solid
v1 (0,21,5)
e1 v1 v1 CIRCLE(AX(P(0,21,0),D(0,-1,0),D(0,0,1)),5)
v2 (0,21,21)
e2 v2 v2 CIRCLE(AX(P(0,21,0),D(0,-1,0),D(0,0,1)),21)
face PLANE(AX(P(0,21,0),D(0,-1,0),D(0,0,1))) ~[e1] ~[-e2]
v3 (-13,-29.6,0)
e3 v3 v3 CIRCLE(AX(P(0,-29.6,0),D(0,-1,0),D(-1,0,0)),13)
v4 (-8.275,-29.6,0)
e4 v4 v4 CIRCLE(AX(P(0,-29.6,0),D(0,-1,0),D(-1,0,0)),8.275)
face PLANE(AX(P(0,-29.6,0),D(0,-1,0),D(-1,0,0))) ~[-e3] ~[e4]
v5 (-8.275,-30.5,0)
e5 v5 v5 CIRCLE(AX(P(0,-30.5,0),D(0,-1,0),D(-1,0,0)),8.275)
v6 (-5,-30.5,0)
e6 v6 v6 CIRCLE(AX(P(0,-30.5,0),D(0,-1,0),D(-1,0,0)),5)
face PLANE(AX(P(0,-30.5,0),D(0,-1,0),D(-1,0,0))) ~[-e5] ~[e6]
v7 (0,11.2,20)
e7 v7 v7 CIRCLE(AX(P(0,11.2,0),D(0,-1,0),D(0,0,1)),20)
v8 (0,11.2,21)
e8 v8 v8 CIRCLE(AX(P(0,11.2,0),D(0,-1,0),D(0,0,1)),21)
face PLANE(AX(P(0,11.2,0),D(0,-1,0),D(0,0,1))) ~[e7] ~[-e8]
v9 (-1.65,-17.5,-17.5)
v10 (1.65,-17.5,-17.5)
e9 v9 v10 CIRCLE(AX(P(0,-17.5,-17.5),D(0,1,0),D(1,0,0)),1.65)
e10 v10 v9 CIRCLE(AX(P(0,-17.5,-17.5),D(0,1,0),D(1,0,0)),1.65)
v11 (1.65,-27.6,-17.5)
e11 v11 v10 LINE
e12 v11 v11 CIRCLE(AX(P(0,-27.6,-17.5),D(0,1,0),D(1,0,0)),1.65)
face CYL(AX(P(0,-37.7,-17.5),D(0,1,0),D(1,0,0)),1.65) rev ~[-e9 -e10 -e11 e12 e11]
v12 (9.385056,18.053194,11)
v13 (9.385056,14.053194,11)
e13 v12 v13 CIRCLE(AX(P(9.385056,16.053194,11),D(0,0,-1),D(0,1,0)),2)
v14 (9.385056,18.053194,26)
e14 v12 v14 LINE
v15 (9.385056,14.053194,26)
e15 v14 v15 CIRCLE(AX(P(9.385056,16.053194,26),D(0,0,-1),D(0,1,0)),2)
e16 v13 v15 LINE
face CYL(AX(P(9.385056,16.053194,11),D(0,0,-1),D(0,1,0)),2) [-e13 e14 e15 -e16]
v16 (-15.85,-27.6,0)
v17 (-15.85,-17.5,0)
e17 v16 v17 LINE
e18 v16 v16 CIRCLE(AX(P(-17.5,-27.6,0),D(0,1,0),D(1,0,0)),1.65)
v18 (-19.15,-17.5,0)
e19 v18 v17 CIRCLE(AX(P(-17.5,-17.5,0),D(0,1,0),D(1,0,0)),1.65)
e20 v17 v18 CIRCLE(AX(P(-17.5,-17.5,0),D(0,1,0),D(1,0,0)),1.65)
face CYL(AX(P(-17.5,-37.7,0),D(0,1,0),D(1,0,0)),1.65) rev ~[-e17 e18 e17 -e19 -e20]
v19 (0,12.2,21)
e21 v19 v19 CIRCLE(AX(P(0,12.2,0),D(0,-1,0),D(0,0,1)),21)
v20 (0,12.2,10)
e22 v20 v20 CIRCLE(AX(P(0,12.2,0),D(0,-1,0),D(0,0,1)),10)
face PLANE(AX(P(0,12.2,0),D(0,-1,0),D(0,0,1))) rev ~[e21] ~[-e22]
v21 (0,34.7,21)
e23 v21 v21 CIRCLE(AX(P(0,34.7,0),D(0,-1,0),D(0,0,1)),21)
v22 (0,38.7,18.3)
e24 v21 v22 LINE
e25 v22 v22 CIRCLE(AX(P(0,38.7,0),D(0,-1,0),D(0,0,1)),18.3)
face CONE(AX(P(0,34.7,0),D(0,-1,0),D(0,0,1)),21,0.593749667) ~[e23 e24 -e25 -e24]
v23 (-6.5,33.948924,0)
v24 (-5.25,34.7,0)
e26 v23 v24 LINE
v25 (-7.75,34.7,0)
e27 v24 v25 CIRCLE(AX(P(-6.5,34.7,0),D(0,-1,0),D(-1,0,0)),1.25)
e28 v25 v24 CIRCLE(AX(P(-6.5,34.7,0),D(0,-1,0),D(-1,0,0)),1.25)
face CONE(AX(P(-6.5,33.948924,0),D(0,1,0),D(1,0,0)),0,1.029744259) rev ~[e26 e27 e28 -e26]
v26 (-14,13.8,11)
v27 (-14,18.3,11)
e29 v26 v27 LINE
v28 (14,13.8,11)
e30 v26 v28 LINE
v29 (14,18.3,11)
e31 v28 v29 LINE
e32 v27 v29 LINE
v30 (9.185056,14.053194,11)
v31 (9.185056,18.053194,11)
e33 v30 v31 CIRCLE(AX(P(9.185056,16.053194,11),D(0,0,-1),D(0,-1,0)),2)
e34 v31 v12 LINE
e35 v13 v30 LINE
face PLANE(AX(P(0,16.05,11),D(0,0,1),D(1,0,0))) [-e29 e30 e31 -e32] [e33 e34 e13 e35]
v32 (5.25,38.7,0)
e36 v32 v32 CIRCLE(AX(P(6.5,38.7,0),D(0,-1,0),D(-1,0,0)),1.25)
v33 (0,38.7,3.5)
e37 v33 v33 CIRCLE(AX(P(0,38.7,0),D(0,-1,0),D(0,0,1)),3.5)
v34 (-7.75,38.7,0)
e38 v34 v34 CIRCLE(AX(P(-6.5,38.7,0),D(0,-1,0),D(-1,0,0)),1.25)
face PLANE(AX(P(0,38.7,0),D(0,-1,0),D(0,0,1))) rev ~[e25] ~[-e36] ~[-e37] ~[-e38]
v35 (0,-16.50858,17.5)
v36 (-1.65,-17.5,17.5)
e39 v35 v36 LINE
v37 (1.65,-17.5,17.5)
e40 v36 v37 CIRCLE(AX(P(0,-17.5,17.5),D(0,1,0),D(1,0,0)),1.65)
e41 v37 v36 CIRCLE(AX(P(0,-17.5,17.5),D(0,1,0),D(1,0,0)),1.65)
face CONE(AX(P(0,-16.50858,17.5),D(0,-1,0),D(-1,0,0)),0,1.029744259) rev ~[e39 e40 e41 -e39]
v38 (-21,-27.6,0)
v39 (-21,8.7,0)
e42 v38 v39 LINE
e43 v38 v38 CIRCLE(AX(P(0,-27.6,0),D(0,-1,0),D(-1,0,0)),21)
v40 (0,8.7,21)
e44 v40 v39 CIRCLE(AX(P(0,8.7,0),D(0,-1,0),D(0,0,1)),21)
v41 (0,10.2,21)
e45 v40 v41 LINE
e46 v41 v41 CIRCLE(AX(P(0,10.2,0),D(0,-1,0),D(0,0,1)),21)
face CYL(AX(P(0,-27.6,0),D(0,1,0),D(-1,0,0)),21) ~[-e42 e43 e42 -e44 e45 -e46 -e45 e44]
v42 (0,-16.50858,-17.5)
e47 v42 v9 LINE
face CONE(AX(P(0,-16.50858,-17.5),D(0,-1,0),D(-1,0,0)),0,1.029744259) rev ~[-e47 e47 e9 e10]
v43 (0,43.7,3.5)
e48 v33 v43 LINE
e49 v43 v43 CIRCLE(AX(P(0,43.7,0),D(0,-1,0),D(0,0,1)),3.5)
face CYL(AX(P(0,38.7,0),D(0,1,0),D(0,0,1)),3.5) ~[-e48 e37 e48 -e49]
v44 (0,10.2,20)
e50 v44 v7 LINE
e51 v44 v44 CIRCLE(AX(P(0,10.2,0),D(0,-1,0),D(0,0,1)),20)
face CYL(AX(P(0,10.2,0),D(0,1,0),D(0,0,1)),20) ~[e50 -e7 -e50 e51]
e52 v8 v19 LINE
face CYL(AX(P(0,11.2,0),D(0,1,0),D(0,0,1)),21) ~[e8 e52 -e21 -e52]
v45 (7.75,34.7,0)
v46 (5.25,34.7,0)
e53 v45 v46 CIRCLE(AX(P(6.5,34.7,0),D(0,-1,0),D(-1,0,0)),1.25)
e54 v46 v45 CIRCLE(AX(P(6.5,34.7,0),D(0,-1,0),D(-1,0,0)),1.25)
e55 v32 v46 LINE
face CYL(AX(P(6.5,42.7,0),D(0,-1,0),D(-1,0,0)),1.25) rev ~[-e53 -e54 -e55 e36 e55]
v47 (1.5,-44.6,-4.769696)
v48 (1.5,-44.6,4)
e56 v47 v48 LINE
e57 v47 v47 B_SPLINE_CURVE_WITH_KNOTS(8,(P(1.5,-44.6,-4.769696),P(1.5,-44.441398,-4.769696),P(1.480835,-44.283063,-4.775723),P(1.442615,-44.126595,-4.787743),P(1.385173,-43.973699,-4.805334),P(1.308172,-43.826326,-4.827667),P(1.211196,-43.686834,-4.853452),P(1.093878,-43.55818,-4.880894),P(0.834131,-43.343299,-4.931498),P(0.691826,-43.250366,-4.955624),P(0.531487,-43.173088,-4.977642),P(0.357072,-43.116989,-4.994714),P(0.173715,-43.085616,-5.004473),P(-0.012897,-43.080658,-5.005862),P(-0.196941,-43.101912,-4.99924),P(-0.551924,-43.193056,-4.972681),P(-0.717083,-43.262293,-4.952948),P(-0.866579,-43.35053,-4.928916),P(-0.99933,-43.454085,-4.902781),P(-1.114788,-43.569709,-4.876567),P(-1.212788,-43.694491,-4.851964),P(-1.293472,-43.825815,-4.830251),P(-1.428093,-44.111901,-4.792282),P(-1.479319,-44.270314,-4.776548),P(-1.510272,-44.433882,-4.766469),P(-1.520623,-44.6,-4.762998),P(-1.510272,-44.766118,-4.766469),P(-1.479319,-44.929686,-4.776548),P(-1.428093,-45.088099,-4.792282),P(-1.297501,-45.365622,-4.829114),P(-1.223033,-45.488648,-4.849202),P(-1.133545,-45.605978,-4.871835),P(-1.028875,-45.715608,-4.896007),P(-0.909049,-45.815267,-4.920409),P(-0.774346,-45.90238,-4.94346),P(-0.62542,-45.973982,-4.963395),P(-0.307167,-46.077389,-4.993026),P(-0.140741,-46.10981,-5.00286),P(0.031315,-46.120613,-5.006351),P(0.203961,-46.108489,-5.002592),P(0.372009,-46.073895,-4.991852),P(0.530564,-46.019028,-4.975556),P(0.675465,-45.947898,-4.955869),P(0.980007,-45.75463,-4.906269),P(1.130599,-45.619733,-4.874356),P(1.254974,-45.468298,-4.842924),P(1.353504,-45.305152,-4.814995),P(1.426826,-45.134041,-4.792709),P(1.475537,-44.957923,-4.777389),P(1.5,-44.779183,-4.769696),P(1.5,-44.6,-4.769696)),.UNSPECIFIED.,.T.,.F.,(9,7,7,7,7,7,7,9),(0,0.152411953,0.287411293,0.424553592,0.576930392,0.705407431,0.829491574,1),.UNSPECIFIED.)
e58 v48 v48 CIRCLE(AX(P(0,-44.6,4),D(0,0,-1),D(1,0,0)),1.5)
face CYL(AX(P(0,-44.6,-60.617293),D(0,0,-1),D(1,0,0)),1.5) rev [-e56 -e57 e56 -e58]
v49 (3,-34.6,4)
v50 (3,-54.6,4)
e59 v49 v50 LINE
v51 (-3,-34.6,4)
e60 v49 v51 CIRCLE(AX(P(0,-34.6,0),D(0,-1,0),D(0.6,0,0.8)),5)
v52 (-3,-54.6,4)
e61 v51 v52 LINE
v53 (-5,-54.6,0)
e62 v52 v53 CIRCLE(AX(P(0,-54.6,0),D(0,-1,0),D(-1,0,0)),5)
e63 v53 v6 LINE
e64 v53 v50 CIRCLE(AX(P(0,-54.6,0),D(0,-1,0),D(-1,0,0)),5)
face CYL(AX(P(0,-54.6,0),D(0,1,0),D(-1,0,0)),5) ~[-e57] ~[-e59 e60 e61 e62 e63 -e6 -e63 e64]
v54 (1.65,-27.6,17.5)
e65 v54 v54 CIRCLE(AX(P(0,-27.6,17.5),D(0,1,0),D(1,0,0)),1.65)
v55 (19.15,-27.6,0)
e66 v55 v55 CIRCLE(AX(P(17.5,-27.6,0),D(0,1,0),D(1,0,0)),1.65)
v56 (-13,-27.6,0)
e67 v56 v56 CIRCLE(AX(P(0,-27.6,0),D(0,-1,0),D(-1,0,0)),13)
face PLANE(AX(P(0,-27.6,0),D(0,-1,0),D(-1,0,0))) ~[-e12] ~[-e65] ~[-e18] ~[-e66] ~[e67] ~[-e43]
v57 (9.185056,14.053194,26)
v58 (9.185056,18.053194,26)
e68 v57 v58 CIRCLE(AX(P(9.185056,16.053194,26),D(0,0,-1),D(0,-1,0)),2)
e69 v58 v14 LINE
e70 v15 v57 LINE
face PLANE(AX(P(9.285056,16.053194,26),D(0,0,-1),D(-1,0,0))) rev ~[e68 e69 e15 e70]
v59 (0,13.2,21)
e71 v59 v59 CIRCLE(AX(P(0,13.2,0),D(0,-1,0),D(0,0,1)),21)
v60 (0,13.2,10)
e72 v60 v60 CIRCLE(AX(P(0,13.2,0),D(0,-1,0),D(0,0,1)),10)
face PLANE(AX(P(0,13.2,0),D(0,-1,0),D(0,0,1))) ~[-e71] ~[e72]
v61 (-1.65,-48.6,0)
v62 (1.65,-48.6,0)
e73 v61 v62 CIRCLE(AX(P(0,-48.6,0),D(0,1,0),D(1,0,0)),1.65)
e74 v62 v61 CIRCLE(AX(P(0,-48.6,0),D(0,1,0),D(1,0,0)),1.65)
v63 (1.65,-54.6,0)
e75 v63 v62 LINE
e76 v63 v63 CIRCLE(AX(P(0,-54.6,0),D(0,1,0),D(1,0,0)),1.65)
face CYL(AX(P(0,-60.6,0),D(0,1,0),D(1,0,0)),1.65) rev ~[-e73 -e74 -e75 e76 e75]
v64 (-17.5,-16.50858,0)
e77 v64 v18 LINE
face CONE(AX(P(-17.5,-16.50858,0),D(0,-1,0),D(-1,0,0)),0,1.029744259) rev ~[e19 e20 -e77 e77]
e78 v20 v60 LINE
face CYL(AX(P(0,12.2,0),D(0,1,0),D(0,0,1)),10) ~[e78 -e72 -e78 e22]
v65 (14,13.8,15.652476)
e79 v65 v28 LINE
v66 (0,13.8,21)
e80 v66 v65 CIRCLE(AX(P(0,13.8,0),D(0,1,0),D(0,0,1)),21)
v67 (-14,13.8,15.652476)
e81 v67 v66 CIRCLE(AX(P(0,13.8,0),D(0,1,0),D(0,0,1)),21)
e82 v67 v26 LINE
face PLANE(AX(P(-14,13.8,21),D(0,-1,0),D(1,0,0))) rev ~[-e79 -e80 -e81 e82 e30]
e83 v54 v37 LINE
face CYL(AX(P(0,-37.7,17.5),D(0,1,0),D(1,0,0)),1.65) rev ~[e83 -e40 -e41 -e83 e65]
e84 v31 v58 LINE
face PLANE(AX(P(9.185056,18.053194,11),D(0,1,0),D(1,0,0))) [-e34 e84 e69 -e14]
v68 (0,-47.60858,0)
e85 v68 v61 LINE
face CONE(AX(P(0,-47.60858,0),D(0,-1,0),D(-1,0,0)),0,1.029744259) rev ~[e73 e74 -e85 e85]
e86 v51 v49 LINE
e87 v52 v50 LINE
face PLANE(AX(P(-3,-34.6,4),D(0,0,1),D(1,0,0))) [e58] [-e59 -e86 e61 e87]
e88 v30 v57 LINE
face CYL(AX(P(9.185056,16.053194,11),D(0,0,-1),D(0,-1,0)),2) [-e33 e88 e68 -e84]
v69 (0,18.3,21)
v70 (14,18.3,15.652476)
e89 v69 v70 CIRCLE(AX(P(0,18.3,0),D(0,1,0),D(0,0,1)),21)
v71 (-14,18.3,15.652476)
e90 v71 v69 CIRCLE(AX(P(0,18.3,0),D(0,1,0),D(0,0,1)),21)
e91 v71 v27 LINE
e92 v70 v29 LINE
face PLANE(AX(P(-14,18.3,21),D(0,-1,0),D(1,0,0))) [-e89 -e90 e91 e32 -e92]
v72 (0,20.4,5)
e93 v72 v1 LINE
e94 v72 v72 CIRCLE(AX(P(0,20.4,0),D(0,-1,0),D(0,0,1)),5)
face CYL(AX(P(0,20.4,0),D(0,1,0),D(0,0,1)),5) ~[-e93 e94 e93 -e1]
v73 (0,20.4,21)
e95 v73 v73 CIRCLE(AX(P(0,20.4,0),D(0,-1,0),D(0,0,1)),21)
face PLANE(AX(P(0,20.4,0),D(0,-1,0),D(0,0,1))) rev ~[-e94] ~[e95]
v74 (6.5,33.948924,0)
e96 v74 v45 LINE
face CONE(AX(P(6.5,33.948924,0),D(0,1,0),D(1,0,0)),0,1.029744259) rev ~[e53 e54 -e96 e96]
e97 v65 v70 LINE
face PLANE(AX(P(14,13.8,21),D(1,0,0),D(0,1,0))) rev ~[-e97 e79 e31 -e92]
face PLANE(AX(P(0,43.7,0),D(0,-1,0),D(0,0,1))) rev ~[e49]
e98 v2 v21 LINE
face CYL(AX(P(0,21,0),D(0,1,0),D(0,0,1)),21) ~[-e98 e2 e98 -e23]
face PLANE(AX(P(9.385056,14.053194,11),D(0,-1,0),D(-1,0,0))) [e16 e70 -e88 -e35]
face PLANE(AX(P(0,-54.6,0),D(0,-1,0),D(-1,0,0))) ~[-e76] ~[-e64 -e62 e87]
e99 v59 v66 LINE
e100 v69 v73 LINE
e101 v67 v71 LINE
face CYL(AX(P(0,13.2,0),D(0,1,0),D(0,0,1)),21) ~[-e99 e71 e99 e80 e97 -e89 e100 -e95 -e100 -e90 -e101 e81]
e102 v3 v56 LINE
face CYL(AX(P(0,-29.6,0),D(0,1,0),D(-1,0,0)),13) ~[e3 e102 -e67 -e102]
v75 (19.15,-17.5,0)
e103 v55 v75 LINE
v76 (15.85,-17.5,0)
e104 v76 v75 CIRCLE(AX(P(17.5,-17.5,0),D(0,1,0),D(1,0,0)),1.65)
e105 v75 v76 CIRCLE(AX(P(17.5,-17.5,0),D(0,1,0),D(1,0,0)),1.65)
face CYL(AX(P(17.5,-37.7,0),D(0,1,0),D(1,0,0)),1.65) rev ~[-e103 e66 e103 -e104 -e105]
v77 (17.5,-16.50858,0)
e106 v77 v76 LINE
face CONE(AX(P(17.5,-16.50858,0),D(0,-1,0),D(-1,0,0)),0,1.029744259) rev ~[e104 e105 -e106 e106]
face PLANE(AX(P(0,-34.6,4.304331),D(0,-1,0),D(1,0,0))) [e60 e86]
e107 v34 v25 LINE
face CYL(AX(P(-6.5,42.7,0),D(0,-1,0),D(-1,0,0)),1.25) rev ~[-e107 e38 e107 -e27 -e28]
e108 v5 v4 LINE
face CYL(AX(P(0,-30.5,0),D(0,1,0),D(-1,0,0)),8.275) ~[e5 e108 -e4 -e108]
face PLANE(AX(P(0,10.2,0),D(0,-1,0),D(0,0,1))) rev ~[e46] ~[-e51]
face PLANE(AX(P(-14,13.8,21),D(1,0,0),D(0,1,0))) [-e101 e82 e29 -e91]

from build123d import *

# Parameters (mm, degrees)
SKETCH_2_W               = 28
SKETCH_2_H               = 4.5
CUT_EXTRUDE_1_DEPTH      = 10
EXTRUDE_1_DEPTH          = 15
HOLE_WIZARD_M3_1_D       = 2.5
HOLE_WIZARD_M3_1_DEPTH   = 4
HOLE_WIZARD_M3_1_TIP     = 0.751075774
CUT_EXTRUDE_START        = -20
CUT_EXTRUDE_2_DEPTH      = 20
HOLE_WIZARD_M4_1_D       = 3.3
HOLE_WIZARD_M4_1_DEPTH   = 10.1
HOLE_WIZARD_M4_1_TIP     = 0.991420021
CUT_EXTRUDE_3_DEPTH      = 64.617293246
CUT_EXTRUDE_3_DEPTH_BACK = 64.617293246
SKETCH_11_R              = 1.5
HOLE_WIZARD_M4_2_D       = 3.3
HOLE_WIZARD_M4_2_DEPTH   = 6
HOLE_WIZARD_M4_2_TIP     = 0.991420021


with BuildPart() as part:
    # 草图1 → 旋转1 (revolve)
    with BuildSketch(Plane.XY, mode=Mode.PRIVATE) as revolve_1_sk:
        Polygon((0, 0), (4.1, 0), (4.1, 6.7), (13.4, 6.7), (13.4, 8.7), (21, 8.7), (21, 10.2), (20, 10.2), (20, 11.2), (21, 11.2), (21, 12.2), (10, 12.2), (10, 13.2), (21, 13.2), (21, 20.4), (5, 20.4), (5, 21), (21, 21), (21, 34.7), (18.3, 38.7), (3.5, 38.7), (3.5, 43.7), (0, 43.7), align=None)
    revolve(revolve_1_sk.sketch.rotate(Axis((0, 43.7, 0), (0, -1, 0)), 90), axis=Axis((0, 43.7, 0), (0, -1, 0)))

    # 草图2 → 切除-拉伸1 (cut)
    with BuildSketch(Plane.XY.offset(21)):
        with Locations((0, 16.05)):
            Rectangle(SKETCH_2_W, SKETCH_2_H)
    extrude(amount=-CUT_EXTRUDE_1_DEPTH, mode=Mode.SUBTRACT)

    # 草图3 → 凸台-拉伸1 (add)
    with BuildSketch(Plane.XY.offset(11)):
        with BuildLine():
            Line((9.185056323, 18.053194417), (9.385056323, 18.053194417))
            ThreePointArc((9.385056323, 18.053194417), (11.385056323, 16.053194417), (9.385056323, 14.053194417))
            Line((9.385056323, 14.053194417), (9.185056323, 14.053194417))
            ThreePointArc((9.185056323, 14.053194417), (7.185056323, 16.053194417), (9.185056323, 18.053194417))
        make_face()
    extrude(amount=EXTRUDE_1_DEPTH)

    # M3 螺纹孔1
    with Locations(Plane(origin=(0, 38.7, 0), x_dir=(1, 0, 0), z_dir=(0, 1, 0))):
        with Locations((-6.5, 0), (6.5, 0)):
            Hole(HOLE_WIZARD_M3_1_D / 2, depth=HOLE_WIZARD_M3_1_DEPTH)
            with Locations((0, 0, -(HOLE_WIZARD_M3_1_DEPTH + HOLE_WIZARD_M3_1_TIP / 2))):  # 118° drill point
                Cone(0, HOLE_WIZARD_M3_1_D / 2, HOLE_WIZARD_M3_1_TIP, mode=Mode.SUBTRACT)

    # 草图7 → 旋转2 (revolve)
    with BuildSketch(Plane.XY, mode=Mode.PRIVATE) as revolve_2_sk:
        Polygon((0, -54.6), (5, -54.6), (5, -30.5), (8.275, -30.5), (8.275, -29.6), (13, -29.6), (13, -27.6), (21, -27.6), (21, 8.7), (0, 8.7), align=None)
    revolve(revolve_2_sk.sketch.rotate(Axis((0, 8.7, 0), (0, -1, 0)), 180), axis=Axis((0, 8.7, 0), (0, -1, 0)))

    # 草图8 → 切除-拉伸2 (cut)
    with BuildSketch(Plane.XZ.offset(54.6).offset(CUT_EXTRUDE_START)):
        with BuildLine():
            Line((-3, 4), (3, 4))
            ThreePointArc((3, 4), (0, 5), (-3, 4))
        make_face()
    extrude(amount=CUT_EXTRUDE_2_DEPTH, mode=Mode.SUBTRACT)

    # M4 螺纹孔1
    with Locations(Plane(origin=(0, -27.6, 0), x_dir=(-1, 0, 0), z_dir=(0, -1, 0))):
        with Locations((0, -17.5), (-17.5, 0), (0, 17.5), (17.5, 0)):
            Hole(HOLE_WIZARD_M4_1_D / 2, depth=HOLE_WIZARD_M4_1_DEPTH)
            with Locations((0, 0, -(HOLE_WIZARD_M4_1_DEPTH + HOLE_WIZARD_M4_1_TIP / 2))):  # 118° drill point
                Cone(0, HOLE_WIZARD_M4_1_D / 2, HOLE_WIZARD_M4_1_TIP, mode=Mode.SUBTRACT)

    # 草图11 → 切除-拉伸3 (cut, two sides: drawn at the far end of the back side and taken through both)
    with BuildSketch(Plane.XY.offset(4).offset(-CUT_EXTRUDE_3_DEPTH_BACK)):
        with Locations((0, -44.6)):
            Circle(SKETCH_11_R)
    extrude(amount=CUT_EXTRUDE_3_DEPTH + CUT_EXTRUDE_3_DEPTH_BACK, mode=Mode.SUBTRACT)

    # M4 螺纹孔2
    with Locations(Plane(origin=(0, -54.6, 0), x_dir=(-1, 0, 0), z_dir=(0, -1, 0))):
        with Locations((0, 0)):
            Hole(HOLE_WIZARD_M4_2_D / 2, depth=HOLE_WIZARD_M4_2_DEPTH)
            with Locations((0, 0, -(HOLE_WIZARD_M4_2_DEPTH + HOLE_WIZARD_M4_2_TIP / 2))):  # 118° drill point
                Cone(0, HOLE_WIZARD_M4_2_D / 2, HOLE_WIZARD_M4_2_TIP, mode=Mode.SUBTRACT)


solid = part.part
